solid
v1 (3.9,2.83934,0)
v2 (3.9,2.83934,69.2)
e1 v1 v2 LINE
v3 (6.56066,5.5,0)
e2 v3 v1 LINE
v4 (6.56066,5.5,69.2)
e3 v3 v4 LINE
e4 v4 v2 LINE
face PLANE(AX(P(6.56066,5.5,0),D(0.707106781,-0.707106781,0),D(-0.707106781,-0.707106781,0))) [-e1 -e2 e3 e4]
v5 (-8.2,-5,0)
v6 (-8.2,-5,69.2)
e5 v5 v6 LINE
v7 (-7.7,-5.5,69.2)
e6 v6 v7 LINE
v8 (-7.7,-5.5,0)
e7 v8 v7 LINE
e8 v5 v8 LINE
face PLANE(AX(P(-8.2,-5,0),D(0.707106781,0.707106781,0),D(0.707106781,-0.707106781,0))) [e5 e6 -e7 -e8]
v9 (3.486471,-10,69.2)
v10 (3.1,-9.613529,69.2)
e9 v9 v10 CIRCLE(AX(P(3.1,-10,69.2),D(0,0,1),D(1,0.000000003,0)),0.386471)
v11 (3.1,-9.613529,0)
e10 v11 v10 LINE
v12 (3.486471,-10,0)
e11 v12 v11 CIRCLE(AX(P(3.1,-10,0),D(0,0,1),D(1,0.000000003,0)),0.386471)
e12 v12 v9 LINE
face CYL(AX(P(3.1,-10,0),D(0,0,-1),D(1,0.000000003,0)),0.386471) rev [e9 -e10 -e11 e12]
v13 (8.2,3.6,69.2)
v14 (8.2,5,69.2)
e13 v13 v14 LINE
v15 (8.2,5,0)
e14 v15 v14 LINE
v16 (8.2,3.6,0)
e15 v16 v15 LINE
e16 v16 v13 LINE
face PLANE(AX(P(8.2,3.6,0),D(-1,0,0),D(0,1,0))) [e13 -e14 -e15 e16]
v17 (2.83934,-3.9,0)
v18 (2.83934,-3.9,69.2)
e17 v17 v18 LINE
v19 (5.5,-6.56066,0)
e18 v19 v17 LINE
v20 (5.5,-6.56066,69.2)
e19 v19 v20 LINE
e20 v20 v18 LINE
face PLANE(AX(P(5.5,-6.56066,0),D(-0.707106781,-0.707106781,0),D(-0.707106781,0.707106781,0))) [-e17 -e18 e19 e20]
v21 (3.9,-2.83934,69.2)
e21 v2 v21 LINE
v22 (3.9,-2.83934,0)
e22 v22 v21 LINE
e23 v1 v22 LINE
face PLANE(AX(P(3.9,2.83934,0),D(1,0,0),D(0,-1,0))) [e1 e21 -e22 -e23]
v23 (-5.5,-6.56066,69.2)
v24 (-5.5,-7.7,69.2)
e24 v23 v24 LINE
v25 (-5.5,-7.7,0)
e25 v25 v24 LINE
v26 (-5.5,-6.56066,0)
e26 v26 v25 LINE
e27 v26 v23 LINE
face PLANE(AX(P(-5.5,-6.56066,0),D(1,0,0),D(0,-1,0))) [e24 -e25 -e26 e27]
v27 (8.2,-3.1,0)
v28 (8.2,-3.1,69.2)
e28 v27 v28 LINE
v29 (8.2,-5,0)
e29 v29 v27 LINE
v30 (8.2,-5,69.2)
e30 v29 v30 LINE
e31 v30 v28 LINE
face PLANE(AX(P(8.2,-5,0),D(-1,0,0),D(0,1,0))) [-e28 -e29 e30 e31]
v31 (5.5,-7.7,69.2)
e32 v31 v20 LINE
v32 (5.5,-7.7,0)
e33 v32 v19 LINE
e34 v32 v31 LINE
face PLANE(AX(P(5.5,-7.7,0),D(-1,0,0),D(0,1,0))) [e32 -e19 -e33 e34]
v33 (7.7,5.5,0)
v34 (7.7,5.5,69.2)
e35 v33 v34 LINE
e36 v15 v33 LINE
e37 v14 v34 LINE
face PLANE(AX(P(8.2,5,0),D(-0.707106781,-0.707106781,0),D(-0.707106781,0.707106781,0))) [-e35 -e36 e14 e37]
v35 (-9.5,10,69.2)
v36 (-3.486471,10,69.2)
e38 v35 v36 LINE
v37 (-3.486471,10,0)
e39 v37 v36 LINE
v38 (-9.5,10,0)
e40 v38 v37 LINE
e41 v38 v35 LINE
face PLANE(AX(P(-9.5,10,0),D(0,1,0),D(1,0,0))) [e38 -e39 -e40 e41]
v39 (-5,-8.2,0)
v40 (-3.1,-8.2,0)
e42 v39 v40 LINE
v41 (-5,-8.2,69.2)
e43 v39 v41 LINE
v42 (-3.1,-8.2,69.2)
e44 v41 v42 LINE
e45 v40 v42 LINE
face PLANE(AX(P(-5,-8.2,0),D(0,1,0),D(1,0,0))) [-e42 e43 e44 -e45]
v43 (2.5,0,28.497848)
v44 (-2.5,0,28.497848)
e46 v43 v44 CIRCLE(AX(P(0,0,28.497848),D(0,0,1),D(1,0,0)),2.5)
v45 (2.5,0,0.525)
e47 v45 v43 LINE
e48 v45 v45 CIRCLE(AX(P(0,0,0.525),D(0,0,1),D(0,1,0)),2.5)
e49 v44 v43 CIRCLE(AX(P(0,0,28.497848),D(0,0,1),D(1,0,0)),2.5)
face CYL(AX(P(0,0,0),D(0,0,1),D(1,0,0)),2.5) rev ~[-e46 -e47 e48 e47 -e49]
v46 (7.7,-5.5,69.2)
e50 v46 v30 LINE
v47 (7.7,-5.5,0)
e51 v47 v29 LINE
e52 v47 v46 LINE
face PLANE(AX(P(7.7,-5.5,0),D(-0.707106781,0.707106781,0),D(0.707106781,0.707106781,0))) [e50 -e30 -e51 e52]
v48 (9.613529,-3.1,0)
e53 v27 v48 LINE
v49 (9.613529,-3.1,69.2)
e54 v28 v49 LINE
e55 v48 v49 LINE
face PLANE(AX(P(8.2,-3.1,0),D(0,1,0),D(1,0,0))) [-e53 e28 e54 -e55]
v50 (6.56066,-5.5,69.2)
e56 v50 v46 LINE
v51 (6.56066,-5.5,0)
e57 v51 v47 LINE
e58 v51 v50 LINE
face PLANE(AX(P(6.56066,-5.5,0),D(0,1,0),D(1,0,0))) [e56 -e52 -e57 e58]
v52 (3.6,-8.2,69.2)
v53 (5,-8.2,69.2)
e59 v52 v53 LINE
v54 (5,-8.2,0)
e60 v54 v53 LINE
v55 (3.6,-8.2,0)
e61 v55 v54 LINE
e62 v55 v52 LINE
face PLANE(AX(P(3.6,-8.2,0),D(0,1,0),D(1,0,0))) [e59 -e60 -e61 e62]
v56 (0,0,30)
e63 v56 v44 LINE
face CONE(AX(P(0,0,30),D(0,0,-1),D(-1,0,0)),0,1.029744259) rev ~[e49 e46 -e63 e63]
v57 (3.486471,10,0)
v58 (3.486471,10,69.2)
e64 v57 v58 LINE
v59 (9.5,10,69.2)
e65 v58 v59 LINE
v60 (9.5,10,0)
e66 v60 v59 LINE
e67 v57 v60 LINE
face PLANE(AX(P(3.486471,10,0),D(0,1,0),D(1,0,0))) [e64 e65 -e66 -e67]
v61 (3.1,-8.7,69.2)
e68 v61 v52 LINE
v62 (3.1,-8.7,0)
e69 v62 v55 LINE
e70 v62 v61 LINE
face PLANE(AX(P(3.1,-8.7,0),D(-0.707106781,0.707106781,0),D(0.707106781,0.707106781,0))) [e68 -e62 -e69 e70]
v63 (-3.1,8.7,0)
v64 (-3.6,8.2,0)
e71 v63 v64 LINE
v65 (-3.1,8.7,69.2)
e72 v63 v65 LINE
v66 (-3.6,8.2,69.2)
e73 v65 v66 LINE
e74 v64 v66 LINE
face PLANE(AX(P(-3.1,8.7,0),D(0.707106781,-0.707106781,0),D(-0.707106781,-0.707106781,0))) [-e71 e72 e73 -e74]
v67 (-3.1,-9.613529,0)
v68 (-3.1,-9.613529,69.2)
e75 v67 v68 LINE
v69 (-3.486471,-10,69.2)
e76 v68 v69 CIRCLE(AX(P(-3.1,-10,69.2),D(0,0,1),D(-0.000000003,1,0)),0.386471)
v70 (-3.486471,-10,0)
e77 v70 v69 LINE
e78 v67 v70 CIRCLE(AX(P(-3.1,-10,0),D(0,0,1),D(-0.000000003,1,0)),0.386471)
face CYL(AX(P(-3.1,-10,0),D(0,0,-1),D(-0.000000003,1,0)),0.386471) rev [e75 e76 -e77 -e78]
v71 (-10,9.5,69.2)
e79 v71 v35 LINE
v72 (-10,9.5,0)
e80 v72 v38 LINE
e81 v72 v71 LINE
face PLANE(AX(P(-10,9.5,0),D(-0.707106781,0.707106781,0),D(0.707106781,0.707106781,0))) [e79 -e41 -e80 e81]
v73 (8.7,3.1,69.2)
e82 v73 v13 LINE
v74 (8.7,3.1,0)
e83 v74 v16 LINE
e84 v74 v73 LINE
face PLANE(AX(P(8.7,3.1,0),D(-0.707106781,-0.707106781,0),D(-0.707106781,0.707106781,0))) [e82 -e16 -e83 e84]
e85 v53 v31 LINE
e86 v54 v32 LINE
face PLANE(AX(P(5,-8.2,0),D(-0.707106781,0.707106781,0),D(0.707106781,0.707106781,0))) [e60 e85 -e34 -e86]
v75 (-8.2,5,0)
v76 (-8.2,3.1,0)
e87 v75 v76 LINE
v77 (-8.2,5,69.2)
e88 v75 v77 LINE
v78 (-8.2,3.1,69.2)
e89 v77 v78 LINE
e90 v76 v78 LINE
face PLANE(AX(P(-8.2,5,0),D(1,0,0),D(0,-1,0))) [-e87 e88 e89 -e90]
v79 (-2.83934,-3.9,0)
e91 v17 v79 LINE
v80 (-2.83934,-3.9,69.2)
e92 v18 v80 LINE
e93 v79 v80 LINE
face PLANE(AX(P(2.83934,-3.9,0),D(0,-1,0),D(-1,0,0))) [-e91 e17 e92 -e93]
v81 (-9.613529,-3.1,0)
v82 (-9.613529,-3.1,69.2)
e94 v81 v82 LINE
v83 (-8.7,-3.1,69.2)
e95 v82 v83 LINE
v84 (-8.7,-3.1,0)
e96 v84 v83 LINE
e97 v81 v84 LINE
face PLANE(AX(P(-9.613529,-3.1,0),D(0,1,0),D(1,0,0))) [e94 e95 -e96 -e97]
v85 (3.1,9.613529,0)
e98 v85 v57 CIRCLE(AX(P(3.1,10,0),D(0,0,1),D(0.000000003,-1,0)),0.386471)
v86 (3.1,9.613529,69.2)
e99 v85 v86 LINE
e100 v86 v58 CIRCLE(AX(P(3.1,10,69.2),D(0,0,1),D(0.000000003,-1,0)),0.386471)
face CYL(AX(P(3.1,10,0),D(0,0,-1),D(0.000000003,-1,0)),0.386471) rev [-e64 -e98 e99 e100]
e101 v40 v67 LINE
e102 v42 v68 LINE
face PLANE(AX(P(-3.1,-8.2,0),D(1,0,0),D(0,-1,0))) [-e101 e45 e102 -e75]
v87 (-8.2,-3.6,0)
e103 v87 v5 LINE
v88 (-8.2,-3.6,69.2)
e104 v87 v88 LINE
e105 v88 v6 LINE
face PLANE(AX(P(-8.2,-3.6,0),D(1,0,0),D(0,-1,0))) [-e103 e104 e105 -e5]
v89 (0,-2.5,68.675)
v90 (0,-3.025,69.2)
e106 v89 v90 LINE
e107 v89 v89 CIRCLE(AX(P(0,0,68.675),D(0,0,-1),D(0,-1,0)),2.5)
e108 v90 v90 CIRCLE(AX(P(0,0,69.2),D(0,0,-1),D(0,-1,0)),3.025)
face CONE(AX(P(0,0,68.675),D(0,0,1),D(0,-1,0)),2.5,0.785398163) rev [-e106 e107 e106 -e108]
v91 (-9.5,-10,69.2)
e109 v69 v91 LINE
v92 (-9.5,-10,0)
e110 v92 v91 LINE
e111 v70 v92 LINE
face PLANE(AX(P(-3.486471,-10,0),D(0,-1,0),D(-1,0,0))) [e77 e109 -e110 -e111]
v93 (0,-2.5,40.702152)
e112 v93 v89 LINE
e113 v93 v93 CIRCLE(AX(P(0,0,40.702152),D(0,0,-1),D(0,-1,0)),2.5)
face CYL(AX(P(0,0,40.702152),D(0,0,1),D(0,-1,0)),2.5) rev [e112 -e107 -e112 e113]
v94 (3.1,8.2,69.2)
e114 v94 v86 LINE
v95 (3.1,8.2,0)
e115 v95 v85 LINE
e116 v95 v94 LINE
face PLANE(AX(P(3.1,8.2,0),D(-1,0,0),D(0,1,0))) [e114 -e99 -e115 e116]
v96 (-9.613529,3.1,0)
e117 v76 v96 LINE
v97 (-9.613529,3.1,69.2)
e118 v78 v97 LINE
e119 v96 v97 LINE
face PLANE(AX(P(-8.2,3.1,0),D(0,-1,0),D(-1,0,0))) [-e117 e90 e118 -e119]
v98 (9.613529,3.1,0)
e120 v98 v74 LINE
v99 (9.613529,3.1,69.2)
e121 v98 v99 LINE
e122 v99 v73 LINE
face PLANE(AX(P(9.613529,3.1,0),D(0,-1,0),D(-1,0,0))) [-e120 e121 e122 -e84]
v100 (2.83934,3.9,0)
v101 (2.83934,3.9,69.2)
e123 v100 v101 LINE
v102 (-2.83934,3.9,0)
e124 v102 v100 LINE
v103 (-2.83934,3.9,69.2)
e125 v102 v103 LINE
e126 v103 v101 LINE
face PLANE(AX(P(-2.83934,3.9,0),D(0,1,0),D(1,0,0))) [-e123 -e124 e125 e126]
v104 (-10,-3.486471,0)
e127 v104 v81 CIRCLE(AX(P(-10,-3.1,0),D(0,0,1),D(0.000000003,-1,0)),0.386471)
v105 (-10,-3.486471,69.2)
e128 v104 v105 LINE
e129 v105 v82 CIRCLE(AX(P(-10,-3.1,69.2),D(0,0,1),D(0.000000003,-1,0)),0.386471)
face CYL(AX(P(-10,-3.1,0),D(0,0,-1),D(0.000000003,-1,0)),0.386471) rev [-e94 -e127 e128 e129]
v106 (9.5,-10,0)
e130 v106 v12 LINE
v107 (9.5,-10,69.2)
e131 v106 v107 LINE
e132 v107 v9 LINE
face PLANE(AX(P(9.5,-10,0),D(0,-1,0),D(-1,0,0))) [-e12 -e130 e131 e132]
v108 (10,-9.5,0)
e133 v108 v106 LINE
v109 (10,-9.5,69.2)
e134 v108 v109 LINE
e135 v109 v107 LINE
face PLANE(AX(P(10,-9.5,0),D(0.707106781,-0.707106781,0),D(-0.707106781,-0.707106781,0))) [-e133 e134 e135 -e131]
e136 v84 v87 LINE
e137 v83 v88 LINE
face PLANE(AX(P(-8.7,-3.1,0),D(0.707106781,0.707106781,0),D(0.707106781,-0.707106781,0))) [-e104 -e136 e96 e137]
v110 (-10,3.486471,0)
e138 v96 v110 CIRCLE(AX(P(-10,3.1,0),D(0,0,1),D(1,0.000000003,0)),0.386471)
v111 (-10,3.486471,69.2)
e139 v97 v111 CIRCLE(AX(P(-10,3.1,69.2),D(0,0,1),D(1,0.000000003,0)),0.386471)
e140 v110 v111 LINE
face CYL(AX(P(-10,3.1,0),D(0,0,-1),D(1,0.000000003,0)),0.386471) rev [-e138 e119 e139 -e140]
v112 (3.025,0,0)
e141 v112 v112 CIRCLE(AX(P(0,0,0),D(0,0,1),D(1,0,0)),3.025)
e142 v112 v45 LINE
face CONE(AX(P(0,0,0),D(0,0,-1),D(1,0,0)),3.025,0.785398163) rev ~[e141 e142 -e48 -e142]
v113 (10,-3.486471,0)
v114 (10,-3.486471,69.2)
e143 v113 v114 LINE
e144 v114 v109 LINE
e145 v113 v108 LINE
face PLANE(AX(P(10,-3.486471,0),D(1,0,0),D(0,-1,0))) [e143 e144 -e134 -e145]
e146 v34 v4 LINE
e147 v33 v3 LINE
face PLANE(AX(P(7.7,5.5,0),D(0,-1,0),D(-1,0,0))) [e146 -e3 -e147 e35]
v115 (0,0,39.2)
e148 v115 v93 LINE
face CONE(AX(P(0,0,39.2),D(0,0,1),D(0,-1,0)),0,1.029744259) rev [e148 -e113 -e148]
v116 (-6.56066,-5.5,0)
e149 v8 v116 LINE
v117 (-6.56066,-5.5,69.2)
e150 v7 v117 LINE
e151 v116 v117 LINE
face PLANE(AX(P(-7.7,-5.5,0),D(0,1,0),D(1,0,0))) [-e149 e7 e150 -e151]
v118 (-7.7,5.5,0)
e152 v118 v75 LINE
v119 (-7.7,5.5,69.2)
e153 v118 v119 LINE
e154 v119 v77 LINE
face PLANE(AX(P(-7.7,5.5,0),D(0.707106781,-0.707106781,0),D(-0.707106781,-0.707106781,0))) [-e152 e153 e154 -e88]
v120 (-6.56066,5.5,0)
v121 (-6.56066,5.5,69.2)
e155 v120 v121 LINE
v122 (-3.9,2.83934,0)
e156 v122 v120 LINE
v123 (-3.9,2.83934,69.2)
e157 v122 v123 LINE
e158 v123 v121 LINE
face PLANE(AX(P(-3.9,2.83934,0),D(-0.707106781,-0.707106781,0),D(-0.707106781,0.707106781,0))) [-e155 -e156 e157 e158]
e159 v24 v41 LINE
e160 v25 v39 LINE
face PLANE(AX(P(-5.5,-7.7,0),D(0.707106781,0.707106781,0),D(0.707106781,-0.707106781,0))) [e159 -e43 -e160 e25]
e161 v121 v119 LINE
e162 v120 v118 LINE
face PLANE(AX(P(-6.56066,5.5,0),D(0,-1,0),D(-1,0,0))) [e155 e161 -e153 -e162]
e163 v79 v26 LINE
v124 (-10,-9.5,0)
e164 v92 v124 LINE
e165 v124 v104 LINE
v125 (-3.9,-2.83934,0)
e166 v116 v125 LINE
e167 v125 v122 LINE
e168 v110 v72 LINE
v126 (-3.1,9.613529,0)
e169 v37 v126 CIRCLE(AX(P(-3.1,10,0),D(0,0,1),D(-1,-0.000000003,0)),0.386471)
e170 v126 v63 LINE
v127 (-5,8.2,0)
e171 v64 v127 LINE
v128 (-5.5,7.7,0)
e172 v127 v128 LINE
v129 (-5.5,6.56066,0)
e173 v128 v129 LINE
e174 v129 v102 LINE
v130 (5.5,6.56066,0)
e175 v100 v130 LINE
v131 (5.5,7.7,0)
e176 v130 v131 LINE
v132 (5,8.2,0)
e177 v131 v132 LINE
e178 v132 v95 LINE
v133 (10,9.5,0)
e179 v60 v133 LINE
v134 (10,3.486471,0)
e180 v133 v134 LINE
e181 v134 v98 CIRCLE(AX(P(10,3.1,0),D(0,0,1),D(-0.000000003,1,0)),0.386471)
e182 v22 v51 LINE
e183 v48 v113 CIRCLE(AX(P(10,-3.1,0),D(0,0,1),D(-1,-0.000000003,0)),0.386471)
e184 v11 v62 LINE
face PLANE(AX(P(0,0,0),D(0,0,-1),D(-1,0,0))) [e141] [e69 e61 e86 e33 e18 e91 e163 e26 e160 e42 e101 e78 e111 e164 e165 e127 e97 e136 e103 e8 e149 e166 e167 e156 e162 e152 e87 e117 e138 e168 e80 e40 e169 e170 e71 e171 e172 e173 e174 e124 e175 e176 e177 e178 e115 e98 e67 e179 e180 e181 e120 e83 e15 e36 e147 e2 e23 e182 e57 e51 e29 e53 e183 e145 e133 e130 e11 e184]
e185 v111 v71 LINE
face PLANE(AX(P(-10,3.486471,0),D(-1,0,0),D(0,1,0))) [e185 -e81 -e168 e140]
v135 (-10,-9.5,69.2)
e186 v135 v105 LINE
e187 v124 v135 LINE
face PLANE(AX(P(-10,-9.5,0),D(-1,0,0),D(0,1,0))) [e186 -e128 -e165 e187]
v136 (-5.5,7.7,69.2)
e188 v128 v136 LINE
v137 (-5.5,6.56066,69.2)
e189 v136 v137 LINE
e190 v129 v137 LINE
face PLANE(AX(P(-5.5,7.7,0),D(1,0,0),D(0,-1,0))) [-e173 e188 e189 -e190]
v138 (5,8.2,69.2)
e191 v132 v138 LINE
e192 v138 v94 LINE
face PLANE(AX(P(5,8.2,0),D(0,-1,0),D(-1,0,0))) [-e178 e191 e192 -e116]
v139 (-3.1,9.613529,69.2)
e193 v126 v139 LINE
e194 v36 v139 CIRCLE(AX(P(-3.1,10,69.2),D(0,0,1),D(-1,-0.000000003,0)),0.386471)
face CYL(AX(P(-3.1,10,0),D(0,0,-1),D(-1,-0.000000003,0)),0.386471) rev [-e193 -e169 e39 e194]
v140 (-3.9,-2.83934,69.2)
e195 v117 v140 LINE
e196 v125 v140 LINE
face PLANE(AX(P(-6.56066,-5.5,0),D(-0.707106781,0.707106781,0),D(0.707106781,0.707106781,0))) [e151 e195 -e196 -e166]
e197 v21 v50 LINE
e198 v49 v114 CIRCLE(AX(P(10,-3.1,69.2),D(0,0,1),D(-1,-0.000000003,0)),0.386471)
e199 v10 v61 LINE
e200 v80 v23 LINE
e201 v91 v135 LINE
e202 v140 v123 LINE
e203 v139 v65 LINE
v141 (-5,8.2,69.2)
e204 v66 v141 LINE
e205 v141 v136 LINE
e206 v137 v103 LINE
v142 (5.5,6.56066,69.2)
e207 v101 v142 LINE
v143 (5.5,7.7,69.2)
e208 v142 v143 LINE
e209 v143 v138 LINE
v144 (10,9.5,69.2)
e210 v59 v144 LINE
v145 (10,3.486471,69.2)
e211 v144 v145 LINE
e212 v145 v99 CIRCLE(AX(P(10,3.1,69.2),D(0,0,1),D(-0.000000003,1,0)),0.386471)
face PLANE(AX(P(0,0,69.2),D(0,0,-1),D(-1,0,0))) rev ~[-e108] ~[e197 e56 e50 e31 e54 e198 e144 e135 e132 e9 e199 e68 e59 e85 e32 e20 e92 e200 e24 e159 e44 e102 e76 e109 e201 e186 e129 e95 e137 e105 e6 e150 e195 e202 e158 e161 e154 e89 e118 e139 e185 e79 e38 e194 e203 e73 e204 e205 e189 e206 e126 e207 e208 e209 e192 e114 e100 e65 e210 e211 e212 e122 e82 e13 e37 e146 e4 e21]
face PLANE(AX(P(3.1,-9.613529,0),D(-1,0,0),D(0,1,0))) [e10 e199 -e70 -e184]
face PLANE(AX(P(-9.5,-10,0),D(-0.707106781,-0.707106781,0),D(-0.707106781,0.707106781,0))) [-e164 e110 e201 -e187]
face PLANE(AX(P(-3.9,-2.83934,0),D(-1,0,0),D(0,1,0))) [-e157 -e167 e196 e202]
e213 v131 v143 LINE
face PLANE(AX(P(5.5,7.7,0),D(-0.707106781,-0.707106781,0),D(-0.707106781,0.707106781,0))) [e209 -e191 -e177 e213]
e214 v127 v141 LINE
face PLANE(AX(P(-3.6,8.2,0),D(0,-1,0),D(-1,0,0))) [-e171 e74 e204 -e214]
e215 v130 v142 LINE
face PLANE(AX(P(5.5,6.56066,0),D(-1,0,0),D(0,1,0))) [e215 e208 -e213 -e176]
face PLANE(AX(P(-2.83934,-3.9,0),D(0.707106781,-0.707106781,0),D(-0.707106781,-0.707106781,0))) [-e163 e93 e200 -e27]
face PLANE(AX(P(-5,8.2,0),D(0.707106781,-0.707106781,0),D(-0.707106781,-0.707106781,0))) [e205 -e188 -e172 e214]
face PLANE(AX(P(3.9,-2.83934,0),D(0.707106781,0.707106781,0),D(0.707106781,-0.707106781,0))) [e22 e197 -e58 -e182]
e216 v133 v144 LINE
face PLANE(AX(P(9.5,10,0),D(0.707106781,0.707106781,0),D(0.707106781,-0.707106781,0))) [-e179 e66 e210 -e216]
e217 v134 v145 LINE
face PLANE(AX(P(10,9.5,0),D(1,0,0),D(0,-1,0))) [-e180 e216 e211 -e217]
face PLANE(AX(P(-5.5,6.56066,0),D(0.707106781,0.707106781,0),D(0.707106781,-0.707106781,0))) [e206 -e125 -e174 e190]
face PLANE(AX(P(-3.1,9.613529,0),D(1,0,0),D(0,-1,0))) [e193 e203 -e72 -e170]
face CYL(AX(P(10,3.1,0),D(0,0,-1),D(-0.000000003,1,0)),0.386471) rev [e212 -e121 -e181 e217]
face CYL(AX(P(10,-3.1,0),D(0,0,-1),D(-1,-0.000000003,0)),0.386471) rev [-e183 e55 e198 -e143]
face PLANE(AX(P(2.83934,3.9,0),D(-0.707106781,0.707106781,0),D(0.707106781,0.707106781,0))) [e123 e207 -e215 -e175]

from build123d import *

# Parameters (mm, degrees)
BOSS_EXTRUDE1_DEPTH             = 69.2
M6X1_0_TAPPED_HOLE2_D           = 5
M6X1_0_TAPPED_HOLE2_DEPTH       = 28.497848452
M6X1_0_TAPPED_HOLE2_CSINK_D     = 6.05
M6X1_0_TAPPED_HOLE2_CSINK_ANGLE = 90
M6X1_0_TAPPED_HOLE2_TIP         = 1.502151548


with BuildPart() as part:
    # Sketch1 → Boss-Extrude1 (new body)
    with BuildSketch(Plane.XY):
        with BuildLine():
            Line((-9.5, 10), (-3.486470896, 10))
            ThreePointArc((-3.486470896, 10), (-3.373276191, 9.726723809), (-3.1, 9.613529104))
            Line((-3.1, 9.613529104), (-3.1, 8.7))
            Line((-3.1, 8.7), (-3.6, 8.2))
            Line((-3.6, 8.2), (-5, 8.2))
            Line((-5, 8.2), (-5.5, 7.7))
            Line((-5.5, 7.7), (-5.5, 6.560660172))
            Line((-5.5, 6.560660172), (-2.839339828, 3.9))
            Line((-2.839339828, 3.9), (0, 3.9))
            Line((0, 3.9), (2.839339828, 3.9))
            Line((2.839339828, 3.9), (5.5, 6.560660172))
            Line((5.5, 6.560660172), (5.5, 7.7))
            Line((5.5, 7.7), (5, 8.2))
            Line((5, 8.2), (3.1, 8.2))
            Line((3.1, 8.2), (3.1, 9.613529104))
            ThreePointArc((3.1, 9.613529104), (3.373276191, 9.726723809), (3.486470896, 10))
            Line((3.486470896, 10), (9.5, 10))
            Line((9.5, 10), (10, 9.5))
            Line((10, 9.5), (10, 3.486470896))
            ThreePointArc((10, 3.486470896), (9.726723809, 3.373276191), (9.613529104, 3.1))
            Line((9.613529104, 3.1), (8.7, 3.1))
            Line((8.7, 3.1), (8.2, 3.6))
            Line((8.2, 3.6), (8.2, 5))
            Line((8.2, 5), (7.7, 5.5))
            Line((7.7, 5.5), (6.560660172, 5.5))
            Line((6.560660172, 5.5), (3.9, 2.839339828))
            Line((3.9, 2.839339828), (3.9, 0))
            Line((3.9, 0), (3.9, -2.839339828))
            Line((3.9, -2.839339828), (6.560660172, -5.5))
            Line((6.560660172, -5.5), (7.7, -5.5))
            Line((7.7, -5.5), (8.2, -5))
            Line((8.2, -5), (8.2, -3.1))
            Line((8.2, -3.1), (9.613529104, -3.1))
            ThreePointArc((9.613529104, -3.1), (9.726723809, -3.373276191), (10, -3.486470896))
            Line((10, -3.486470896), (10, -9.5))
            Line((10, -9.5), (9.5, -10))
            Line((9.5, -10), (3.486470896, -10))
            ThreePointArc((3.486470896, -10), (3.373276191, -9.726723809), (3.1, -9.613529104))
            Line((3.1, -9.613529104), (3.1, -8.7))
            Line((3.1, -8.7), (3.6, -8.2))
            Line((3.6, -8.2), (5, -8.2))
            Line((5, -8.2), (5.5, -7.7))
            Line((5.5, -7.7), (5.5, -6.560660172))
            Line((5.5, -6.560660172), (2.839339828, -3.9))
            Line((2.839339828, -3.9), (0, -3.9))
            Line((0, -3.9), (-2.839339828, -3.9))
            Line((-2.839339828, -3.9), (-5.5, -6.560660172))
            Line((-5.5, -6.560660172), (-5.5, -7.7))
            Line((-5.5, -7.7), (-5, -8.2))
            Line((-5, -8.2), (-3.1, -8.2))
            Line((-3.1, -8.2), (-3.1, -9.613529104))
            ThreePointArc((-3.1, -9.613529104), (-3.373276191, -9.726723809), (-3.486470896, -10))
            Line((-3.486470896, -10), (-9.5, -10))
            Line((-9.5, -10), (-10, -9.5))
            Line((-10, -9.5), (-10, -3.486470896))
            ThreePointArc((-10, -3.486470896), (-9.726723809, -3.373276191), (-9.613529104, -3.1))
            Line((-9.613529104, -3.1), (-8.7, -3.1))
            Line((-8.7, -3.1), (-8.2, -3.6))
            Line((-8.2, -3.6), (-8.2, -5))
            Line((-8.2, -5), (-7.7, -5.5))
            Line((-7.7, -5.5), (-6.560660172, -5.5))
            Line((-6.560660172, -5.5), (-3.9, -2.839339828))
            Line((-3.9, -2.839339828), (-3.9, 0))
            Line((-3.9, 0), (-3.9, 2.839339828))
            Line((-3.9, 2.839339828), (-6.560660172, 5.5))
            Line((-6.560660172, 5.5), (-7.7, 5.5))
            Line((-7.7, 5.5), (-8.2, 5))
            Line((-8.2, 5), (-8.2, 3.1))
            Line((-8.2, 3.1), (-9.613529104, 3.1))
            ThreePointArc((-9.613529104, 3.1), (-9.726723809, 3.373276191), (-10, 3.486470896))
            Line((-10, 3.486470896), (-10, 9.5))
            Line((-10, 9.5), (-9.5, 10))
        make_face()
    extrude(amount=BOSS_EXTRUDE1_DEPTH)

    # Sketch2 → M6x1.0 Tapped Hole1 (revolve, cut)
    with BuildSketch(Plane(origin=(0, 0, 69.2), x_dir=(0, -1, 0), z_dir=(1, 0, 0))):
        Polygon((0, 0), (0, 30), (2.5, 28.497848452), (2.5, 0.525), (3.025, 0), align=None)
    revolve(axis=Axis((0, 0, 75.55), (0, 0, -1)), mode=Mode.SUBTRACT)

    # M6x1.0 Tapped Hole2
    with Locations(Plane(origin=(0, 0, 0), x_dir=(-1, 0, 0), z_dir=(0, 0, -1))):
        with Locations((0, 0)):
            CounterSinkHole(M6X1_0_TAPPED_HOLE2_D / 2, M6X1_0_TAPPED_HOLE2_CSINK_D / 2, depth=M6X1_0_TAPPED_HOLE2_DEPTH, counter_sink_angle=M6X1_0_TAPPED_HOLE2_CSINK_ANGLE)
            with Locations((0, 0, -(M6X1_0_TAPPED_HOLE2_DEPTH + M6X1_0_TAPPED_HOLE2_TIP / 2))):  # 118° drill point
                Cone(0, M6X1_0_TAPPED_HOLE2_D / 2, M6X1_0_TAPPED_HOLE2_TIP, mode=Mode.SUBTRACT)


solid = part.part
